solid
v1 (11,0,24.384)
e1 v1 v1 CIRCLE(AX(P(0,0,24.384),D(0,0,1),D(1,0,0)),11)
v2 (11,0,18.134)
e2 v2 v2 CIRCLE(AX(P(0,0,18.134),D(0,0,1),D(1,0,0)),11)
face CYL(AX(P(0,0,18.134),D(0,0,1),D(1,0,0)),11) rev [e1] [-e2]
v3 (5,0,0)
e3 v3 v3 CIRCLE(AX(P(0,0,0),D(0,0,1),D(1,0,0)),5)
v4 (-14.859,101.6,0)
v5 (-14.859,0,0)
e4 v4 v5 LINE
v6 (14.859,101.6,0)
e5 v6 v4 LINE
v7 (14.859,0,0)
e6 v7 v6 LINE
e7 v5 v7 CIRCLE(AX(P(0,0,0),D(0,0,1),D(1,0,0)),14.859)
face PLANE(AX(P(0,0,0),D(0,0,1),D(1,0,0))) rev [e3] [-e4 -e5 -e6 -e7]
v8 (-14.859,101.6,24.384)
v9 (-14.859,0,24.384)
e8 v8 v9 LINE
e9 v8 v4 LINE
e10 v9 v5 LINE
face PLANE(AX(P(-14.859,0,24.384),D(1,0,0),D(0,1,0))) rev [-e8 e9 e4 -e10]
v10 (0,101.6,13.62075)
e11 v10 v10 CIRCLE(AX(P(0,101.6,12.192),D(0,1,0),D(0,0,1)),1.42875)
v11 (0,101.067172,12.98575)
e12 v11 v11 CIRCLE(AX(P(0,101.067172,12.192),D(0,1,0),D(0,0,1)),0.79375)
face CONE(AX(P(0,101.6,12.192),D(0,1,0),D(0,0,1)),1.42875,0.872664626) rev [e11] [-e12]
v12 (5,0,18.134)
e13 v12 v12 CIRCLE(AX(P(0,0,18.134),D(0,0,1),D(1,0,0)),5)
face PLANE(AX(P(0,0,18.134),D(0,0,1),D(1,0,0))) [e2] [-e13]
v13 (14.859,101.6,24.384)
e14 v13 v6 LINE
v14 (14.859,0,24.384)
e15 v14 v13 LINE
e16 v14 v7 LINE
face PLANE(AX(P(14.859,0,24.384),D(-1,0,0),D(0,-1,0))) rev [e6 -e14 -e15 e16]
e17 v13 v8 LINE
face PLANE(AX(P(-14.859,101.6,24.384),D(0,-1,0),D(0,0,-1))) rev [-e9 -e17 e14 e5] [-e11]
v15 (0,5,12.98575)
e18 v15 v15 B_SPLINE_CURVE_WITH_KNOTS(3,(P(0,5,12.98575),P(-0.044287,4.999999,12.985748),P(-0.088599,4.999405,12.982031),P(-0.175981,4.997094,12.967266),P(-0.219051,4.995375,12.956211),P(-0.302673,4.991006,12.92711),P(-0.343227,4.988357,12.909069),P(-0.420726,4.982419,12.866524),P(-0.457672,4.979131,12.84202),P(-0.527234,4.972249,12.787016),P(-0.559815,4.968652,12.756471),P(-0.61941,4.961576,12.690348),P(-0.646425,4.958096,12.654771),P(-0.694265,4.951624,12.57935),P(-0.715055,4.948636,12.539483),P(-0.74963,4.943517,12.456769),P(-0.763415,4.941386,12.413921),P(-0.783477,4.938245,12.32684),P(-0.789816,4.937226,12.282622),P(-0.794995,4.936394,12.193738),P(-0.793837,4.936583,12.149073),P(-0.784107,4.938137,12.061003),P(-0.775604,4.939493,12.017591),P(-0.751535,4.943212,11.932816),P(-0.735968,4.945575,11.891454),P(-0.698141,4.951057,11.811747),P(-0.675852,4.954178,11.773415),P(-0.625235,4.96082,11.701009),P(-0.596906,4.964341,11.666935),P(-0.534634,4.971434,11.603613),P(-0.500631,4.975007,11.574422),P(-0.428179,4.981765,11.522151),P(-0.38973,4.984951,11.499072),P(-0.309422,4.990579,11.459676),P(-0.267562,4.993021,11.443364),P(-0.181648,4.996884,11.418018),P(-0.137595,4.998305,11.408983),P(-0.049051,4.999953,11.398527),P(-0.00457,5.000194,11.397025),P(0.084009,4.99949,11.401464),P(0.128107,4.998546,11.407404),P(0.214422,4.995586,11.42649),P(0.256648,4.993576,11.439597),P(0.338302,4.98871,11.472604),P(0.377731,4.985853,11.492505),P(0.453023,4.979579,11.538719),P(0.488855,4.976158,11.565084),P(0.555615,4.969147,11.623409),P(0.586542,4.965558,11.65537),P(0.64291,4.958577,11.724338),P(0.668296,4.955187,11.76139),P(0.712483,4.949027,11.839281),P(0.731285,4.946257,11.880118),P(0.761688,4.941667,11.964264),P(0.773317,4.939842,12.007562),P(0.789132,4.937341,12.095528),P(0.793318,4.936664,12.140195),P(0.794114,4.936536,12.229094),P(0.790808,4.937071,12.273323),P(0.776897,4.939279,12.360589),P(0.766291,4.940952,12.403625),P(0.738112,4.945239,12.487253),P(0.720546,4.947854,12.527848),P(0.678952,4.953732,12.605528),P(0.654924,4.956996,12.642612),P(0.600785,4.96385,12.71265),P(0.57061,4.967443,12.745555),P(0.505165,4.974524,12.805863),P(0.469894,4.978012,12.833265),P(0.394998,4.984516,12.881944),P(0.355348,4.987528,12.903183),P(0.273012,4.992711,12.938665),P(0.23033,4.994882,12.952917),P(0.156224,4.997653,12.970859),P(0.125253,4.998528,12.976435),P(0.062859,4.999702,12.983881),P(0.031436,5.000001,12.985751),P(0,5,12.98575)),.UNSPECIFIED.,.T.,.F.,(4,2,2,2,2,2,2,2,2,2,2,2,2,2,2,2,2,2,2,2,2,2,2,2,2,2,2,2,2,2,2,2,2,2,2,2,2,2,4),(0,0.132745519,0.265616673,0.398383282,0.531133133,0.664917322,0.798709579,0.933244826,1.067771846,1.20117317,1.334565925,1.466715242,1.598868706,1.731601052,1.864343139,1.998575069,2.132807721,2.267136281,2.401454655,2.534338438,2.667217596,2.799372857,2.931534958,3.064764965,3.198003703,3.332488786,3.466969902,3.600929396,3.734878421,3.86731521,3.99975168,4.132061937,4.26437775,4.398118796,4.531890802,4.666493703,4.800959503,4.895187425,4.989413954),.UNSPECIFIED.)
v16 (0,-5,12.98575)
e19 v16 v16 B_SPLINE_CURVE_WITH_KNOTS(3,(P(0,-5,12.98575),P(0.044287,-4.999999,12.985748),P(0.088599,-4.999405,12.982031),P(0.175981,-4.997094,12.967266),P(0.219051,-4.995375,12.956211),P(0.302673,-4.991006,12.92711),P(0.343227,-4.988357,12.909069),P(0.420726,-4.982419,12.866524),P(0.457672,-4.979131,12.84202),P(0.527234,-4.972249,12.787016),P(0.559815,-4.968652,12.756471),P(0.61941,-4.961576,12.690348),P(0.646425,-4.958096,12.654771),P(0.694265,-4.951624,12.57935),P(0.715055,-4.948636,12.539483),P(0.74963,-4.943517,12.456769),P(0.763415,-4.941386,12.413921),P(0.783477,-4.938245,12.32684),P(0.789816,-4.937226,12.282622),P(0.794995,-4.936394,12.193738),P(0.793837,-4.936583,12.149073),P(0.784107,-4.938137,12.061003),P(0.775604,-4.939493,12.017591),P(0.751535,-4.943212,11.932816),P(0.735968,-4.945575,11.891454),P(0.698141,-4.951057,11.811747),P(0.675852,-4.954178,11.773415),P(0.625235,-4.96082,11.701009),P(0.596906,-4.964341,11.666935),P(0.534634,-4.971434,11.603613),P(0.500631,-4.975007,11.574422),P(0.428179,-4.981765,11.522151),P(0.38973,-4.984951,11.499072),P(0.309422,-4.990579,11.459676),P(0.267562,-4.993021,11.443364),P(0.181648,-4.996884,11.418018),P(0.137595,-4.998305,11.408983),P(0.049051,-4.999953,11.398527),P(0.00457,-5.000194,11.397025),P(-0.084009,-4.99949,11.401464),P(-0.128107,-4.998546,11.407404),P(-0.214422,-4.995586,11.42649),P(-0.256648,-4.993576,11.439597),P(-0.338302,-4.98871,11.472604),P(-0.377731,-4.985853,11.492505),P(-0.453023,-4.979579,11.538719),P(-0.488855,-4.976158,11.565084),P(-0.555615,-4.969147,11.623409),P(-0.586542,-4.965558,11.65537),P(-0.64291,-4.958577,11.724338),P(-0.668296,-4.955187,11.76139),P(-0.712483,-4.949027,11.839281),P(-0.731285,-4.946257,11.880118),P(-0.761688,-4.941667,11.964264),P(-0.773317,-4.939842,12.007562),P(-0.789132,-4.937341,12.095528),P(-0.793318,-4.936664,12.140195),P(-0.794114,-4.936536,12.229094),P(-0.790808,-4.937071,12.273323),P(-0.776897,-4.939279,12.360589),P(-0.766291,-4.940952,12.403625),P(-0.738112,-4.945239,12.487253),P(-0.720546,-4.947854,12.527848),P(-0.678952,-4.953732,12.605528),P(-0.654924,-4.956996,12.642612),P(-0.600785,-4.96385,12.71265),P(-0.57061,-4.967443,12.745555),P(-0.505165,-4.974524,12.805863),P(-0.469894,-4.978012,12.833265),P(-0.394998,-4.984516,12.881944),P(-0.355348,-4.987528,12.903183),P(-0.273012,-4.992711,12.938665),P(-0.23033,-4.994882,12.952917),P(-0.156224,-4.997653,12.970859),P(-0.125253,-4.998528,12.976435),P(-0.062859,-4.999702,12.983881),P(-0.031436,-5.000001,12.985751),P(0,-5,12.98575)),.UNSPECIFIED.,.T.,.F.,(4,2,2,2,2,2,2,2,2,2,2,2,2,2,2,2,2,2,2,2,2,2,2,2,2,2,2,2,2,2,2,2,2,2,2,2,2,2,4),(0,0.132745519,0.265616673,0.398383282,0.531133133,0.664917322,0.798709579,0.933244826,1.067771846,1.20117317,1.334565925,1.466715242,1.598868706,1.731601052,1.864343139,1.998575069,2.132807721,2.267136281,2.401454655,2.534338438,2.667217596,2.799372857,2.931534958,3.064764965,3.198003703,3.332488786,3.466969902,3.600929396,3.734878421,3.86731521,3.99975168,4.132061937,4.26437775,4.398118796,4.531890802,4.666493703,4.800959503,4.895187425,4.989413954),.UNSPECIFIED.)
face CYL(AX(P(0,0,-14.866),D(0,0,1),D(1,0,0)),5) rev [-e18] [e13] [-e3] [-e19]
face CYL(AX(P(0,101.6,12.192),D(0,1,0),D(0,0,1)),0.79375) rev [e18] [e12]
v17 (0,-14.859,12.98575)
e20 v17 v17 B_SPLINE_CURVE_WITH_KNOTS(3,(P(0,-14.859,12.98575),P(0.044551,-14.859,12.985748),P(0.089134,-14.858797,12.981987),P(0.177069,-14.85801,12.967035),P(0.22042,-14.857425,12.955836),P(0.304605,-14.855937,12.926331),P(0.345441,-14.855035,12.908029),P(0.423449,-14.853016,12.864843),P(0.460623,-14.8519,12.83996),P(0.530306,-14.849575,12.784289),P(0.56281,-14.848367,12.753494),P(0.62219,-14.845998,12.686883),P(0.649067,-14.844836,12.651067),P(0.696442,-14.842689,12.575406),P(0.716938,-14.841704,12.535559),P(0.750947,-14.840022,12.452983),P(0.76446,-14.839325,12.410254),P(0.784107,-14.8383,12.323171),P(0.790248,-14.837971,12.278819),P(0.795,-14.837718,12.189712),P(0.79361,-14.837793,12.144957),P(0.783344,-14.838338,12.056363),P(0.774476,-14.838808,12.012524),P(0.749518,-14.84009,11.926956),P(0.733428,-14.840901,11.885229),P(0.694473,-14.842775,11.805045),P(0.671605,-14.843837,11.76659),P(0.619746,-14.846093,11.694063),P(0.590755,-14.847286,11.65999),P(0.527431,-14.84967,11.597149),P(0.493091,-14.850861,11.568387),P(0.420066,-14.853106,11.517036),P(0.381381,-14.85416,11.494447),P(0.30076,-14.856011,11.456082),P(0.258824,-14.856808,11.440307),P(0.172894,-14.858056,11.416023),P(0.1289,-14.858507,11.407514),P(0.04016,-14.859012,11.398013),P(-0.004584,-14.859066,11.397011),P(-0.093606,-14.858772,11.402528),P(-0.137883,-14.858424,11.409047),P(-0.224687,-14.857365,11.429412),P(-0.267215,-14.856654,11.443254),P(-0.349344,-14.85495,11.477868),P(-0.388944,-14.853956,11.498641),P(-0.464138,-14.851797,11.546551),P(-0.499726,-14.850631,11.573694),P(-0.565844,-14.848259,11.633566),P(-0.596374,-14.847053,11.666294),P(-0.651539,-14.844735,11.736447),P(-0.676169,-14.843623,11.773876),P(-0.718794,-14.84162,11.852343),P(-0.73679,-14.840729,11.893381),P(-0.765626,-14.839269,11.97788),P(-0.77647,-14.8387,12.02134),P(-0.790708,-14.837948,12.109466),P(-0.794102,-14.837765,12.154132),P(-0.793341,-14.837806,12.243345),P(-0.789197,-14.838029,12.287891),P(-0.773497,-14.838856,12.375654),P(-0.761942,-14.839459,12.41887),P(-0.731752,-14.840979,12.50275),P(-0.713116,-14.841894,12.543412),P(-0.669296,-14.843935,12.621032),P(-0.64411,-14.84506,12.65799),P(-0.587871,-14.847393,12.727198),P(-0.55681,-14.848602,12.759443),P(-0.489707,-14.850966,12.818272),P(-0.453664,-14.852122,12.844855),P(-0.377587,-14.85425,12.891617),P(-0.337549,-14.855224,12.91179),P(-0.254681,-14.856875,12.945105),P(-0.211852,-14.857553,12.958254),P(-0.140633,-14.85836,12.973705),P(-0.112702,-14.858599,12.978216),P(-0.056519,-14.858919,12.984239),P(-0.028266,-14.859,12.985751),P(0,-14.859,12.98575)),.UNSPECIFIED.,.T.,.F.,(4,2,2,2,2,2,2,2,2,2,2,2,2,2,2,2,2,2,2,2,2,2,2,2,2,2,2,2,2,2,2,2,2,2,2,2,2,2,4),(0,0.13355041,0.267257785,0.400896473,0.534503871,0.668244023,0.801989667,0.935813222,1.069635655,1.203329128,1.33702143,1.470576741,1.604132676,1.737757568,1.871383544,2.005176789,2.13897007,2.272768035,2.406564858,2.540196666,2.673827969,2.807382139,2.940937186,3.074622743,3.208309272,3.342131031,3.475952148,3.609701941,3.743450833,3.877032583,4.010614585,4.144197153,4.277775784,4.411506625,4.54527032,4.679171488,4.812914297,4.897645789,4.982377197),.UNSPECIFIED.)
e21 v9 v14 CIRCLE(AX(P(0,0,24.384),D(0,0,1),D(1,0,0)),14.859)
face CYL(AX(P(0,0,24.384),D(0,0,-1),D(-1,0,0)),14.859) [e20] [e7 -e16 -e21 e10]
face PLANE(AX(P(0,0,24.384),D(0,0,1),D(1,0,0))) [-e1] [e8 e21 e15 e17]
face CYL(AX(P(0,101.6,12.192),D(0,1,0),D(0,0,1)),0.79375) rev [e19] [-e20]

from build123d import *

# Parameters (mm, degrees)
BOSS_EXTRUDE1_DEPTH                   = 24.384
F_1_16_0_0625_DOWEL_HOLE1_D           = 1.5875
F_1_16_0_0625_DOWEL_HOLE1_CSINK_D     = 2.8575
F_1_16_0_0625_DOWEL_HOLE1_CSINK_ANGLE = 100
SKETCH7_R                             = 11
CUT_EXTRUDE1_DEPTH                    = 6.25
SKETCH8_R                             = 5
CUT_EXTRUDE2_DEPTH                    = 33


with BuildPart() as part:
    # Sketch1 → Boss-Extrude1 (new body)
    with BuildSketch(Plane.XY):
        with BuildLine():
            Line((-14.859, 0), (-14.859, 101.6))
            Line((-14.859, 101.6), (14.859, 101.6))
            Line((14.859, 101.6), (14.859, 0))
            ThreePointArc((14.859, 0), (0, -14.859), (-14.859, 0))
        make_face()
    extrude(amount=BOSS_EXTRUDE1_DEPTH)

    # 1/16 (0.0625) Dowel Hole1 (through all)
    with Locations(Plane(origin=(0, 101.6, 0), x_dir=(1, 0, 0), z_dir=(0, 1, 0))):
        with Locations((0, -12.192)):
            CounterSinkHole(F_1_16_0_0625_DOWEL_HOLE1_D / 2, F_1_16_0_0625_DOWEL_HOLE1_CSINK_D / 2, counter_sink_angle=F_1_16_0_0625_DOWEL_HOLE1_CSINK_ANGLE)

    # Sketch7 → Cut-Extrude1 (cut)
    with BuildSketch(Plane.XY.offset(24.384)):
        Circle(SKETCH7_R)
    extrude(amount=-CUT_EXTRUDE1_DEPTH, mode=Mode.SUBTRACT)

    # Sketch8 → Cut-Extrude2 (cut)
    with BuildSketch(Plane.XY.offset(18.134)):
        Circle(SKETCH8_R)
    extrude(amount=-CUT_EXTRUDE2_DEPTH, mode=Mode.SUBTRACT)


solid = part.part
